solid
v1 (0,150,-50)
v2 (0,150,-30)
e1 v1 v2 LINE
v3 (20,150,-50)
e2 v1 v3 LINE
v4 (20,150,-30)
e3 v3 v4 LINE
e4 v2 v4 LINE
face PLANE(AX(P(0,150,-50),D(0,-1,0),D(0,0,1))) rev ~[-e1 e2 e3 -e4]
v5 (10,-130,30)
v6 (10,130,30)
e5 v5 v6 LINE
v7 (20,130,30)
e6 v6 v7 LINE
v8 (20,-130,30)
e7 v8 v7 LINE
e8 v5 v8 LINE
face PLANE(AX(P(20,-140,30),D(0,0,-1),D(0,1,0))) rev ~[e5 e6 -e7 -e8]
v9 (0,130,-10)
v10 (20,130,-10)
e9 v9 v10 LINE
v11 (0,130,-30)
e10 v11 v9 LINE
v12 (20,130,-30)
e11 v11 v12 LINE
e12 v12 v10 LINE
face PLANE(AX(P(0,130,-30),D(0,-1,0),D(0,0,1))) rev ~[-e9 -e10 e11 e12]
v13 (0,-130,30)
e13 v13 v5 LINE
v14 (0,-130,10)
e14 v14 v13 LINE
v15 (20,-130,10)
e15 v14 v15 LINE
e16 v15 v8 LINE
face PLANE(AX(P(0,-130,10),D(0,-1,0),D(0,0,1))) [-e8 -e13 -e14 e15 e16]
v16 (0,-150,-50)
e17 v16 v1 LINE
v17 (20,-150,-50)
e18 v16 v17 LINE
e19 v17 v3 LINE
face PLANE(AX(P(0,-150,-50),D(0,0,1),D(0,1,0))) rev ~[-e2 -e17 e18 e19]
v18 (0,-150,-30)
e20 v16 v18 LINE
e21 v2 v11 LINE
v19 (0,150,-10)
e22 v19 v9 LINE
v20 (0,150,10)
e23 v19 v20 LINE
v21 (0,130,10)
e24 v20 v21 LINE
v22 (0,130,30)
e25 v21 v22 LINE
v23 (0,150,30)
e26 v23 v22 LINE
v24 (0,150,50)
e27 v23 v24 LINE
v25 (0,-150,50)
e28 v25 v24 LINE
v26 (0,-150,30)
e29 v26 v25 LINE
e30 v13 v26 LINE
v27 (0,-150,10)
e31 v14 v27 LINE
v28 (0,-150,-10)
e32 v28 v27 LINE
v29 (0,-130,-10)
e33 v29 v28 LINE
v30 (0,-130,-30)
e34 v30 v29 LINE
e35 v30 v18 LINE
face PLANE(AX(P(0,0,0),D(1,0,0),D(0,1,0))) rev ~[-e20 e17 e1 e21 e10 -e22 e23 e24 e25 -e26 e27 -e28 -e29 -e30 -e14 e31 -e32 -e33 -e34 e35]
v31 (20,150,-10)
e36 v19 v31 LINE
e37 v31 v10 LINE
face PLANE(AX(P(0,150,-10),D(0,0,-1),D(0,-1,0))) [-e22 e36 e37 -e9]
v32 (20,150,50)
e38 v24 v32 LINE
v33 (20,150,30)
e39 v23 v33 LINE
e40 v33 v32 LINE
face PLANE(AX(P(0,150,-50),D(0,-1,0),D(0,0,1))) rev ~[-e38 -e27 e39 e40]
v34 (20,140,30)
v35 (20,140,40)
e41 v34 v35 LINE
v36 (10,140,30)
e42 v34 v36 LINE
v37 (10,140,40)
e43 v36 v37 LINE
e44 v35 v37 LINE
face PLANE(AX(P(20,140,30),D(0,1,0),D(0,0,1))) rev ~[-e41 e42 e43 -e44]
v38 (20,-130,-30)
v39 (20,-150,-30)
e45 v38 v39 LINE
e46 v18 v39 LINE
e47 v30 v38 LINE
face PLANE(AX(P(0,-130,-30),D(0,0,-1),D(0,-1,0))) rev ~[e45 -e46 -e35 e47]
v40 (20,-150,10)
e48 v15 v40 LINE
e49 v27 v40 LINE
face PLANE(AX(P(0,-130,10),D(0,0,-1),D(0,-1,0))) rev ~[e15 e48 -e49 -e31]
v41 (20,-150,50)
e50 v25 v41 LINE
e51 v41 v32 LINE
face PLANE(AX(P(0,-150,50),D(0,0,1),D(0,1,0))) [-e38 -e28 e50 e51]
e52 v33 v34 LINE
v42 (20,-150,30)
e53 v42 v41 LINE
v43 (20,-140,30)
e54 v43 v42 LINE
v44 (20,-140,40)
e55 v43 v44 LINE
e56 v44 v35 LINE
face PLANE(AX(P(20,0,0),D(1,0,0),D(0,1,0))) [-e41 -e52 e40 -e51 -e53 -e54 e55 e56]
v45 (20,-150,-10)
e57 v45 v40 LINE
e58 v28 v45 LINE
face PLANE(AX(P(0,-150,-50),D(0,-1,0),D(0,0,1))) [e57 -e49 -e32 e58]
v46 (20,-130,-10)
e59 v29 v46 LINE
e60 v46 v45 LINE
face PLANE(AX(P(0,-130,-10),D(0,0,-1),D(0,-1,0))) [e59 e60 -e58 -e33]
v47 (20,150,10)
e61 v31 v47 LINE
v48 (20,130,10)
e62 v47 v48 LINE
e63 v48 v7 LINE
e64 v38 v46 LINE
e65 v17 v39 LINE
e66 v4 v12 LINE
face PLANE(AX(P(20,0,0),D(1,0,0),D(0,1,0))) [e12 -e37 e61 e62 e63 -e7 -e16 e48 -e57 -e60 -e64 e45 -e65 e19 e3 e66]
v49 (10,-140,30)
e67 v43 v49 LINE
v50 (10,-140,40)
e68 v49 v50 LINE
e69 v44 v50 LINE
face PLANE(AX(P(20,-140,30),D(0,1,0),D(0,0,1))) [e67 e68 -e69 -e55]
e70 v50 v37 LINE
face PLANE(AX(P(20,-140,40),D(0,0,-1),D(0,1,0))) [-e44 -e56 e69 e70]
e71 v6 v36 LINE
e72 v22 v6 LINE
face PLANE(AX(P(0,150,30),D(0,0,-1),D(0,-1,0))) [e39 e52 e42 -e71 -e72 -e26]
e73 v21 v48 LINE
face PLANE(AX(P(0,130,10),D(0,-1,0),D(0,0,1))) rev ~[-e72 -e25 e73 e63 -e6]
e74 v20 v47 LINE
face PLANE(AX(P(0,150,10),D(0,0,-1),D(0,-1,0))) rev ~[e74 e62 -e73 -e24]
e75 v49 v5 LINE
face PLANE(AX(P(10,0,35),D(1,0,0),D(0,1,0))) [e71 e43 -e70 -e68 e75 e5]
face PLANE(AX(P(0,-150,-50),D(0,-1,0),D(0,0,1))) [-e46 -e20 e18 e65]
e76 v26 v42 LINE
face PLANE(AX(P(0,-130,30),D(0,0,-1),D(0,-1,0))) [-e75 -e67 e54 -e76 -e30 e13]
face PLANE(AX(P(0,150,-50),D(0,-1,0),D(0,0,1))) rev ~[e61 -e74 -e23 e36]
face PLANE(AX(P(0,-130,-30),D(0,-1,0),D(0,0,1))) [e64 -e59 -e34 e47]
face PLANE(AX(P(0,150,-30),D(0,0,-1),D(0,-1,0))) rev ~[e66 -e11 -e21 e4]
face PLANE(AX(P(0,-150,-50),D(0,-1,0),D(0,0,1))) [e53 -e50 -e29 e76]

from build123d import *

# Parameters (mm, degrees)
F0_W     = 300
F0_H     = 100
F1_DEPTH = 20
F2_W     = 20
F2_H     = 20
F3_DEPTH = 20
F4_W     = 280
F4_H     = 10
F5_DEPTH = 10


with BuildPart() as f1:
    # F0 (on Right) → F1 (new body)
    with BuildSketch(Plane.YZ):
        Rectangle(F0_W, F0_H)
    extrude(amount=F1_DEPTH)

    # F2 (on face) → F3 (cut, through all)
    with BuildSketch(Plane(origin=(0, 0, 0), x_dir=(0, -1, 0), z_dir=(-1, 0, 0))):
        with Locations((140, -20)):
            Rectangle(F2_W, F2_H)
        with Locations((-140, -20)):
            Rectangle(F2_W, F2_H)
        with Locations((140, 20)):
            Rectangle(F2_W, F2_H)
        with Locations((-140, 20)):
            Rectangle(F2_W, F2_H)
    extrude(amount=-F3_DEPTH, mode=Mode.SUBTRACT)

    # F4 (on face) → F5 (cut)
    with BuildSketch(Plane.YZ.offset(20)):
        with Locations((0, 35)):
            Rectangle(F4_W, F4_H)
    extrude(amount=-F5_DEPTH, mode=Mode.SUBTRACT)


solid = f1.part
